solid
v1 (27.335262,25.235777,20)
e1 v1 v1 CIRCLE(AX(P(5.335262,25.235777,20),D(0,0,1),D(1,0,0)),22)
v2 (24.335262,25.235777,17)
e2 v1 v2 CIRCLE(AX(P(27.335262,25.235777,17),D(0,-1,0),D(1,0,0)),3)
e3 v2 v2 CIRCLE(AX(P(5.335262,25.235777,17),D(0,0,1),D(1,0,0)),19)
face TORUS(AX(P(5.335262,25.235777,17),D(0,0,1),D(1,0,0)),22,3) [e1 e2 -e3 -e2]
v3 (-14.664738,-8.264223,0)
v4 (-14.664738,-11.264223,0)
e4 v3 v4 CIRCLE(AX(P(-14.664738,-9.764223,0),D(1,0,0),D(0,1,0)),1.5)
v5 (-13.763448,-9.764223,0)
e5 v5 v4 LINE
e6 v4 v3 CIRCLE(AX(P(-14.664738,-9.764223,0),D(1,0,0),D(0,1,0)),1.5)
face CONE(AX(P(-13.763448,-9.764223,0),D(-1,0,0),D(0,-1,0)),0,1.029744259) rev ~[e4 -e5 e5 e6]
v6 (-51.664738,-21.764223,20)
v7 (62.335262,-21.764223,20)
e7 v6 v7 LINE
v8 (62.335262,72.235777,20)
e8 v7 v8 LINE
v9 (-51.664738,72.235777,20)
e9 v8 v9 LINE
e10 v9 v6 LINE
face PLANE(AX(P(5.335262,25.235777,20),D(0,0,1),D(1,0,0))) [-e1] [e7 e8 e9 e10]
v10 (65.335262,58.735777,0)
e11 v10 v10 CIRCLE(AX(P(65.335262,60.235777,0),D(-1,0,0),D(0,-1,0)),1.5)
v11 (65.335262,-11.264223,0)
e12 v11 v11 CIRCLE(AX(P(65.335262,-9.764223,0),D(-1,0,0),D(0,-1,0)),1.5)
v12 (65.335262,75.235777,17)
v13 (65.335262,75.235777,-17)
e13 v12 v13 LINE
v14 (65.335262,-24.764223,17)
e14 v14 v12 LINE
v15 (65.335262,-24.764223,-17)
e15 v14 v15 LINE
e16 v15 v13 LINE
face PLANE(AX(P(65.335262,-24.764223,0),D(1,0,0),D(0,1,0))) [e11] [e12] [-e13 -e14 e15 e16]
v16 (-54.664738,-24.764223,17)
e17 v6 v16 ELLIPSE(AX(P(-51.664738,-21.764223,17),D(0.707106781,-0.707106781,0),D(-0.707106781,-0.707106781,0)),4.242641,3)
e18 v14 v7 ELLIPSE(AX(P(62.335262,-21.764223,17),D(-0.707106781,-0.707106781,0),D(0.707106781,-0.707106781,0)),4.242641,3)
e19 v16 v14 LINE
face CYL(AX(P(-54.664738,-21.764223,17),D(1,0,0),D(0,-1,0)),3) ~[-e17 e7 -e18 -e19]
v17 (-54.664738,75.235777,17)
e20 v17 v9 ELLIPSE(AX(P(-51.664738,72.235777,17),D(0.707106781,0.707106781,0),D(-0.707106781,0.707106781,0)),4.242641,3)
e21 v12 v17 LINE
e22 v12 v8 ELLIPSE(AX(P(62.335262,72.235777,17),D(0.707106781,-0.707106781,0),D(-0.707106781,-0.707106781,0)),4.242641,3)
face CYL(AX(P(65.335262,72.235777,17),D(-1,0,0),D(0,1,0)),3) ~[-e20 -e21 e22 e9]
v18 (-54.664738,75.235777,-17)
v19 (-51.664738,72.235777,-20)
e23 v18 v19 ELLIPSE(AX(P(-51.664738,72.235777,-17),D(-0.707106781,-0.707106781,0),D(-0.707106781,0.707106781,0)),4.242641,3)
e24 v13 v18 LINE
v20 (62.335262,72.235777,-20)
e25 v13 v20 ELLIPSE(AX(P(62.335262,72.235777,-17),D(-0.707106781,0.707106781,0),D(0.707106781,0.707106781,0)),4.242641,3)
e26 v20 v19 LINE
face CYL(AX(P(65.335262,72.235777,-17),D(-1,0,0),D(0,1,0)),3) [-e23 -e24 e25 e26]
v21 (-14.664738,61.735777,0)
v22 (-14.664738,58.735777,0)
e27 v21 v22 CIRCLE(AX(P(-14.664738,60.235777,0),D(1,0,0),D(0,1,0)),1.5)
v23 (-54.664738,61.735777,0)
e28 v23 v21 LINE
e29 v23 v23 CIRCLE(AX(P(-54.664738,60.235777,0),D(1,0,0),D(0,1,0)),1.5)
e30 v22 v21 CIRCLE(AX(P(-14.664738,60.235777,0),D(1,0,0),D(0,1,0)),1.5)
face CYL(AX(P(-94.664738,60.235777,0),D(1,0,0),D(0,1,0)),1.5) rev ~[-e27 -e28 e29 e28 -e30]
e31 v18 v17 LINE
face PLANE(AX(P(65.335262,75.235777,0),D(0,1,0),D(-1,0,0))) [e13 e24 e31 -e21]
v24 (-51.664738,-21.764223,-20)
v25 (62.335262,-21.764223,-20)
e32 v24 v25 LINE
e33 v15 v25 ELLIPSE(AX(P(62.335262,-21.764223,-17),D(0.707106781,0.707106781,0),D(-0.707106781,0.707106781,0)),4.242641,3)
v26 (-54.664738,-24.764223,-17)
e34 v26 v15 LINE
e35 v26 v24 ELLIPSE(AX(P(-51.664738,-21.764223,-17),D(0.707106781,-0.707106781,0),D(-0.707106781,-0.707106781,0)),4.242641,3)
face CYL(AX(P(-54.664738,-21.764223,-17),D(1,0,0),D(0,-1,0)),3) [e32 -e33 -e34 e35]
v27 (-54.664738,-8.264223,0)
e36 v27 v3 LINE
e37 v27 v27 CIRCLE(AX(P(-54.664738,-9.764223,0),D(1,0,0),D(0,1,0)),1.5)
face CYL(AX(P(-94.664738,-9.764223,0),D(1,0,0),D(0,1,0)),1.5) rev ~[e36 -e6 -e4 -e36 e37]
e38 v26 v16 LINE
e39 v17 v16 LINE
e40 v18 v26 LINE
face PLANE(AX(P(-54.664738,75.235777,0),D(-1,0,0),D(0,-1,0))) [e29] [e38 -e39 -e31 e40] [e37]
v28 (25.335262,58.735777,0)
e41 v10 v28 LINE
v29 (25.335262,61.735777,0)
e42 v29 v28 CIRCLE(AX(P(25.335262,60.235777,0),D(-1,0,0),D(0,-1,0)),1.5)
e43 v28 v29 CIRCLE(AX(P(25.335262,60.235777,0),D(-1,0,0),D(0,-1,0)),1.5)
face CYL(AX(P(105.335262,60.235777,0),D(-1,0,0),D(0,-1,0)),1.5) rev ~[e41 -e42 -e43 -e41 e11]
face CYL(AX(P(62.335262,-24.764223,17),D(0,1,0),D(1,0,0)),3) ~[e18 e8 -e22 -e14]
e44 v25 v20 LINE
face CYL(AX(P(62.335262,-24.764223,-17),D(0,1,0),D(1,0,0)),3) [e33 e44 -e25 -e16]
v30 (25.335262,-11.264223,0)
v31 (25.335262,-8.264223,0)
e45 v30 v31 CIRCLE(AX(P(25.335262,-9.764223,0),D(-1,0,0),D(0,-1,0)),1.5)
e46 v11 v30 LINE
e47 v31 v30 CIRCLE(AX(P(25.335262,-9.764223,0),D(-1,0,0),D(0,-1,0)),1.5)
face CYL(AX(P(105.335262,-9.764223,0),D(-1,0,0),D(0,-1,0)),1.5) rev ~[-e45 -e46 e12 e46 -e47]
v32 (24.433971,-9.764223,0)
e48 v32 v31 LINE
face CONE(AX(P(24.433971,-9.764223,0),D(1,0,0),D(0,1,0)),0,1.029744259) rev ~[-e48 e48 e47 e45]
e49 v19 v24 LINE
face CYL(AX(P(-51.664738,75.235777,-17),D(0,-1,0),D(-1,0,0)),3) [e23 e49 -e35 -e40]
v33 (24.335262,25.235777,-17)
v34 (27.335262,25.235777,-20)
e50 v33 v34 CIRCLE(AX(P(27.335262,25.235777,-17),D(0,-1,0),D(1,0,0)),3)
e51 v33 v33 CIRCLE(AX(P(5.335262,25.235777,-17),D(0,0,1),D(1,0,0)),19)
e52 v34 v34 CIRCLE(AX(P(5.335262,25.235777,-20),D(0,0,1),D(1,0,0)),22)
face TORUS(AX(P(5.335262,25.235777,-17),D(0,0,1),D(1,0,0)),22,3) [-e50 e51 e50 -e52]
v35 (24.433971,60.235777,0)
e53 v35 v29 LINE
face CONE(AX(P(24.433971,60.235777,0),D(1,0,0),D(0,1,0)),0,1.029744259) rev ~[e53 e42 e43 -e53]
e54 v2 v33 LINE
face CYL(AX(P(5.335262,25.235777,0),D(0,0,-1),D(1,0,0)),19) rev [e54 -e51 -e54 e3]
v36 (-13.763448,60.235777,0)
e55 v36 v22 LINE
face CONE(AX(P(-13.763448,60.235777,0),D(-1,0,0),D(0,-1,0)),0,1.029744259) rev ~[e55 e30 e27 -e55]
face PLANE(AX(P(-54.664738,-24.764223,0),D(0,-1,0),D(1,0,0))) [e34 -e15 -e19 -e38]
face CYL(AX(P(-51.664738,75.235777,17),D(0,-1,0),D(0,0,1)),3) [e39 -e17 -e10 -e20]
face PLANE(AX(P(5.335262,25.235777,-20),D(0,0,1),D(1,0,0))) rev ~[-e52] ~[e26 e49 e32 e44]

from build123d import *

# Parameters (mm, degrees)
F0_R     = 19
F1_DEPTH = 20
F2_R     = 3
F4_D     = 3
F4_DEPTH = 40
F4_TIP   = 0.9012909285
F6_D     = 3
F6_DEPTH = 40
F6_TIP   = 0.9012909285


with BuildPart() as f1:
    # F0 (on Top) → F1 (new body, symmetric)
    with BuildSketch(Plane.XY):
        Polygon((65.3352615237, 75.2357769758), (-54.6647384763, 75.2357769758), (-54.6647384763, 60.2357769758), (-54.6647384763, -9.7642230242), (-54.6647384763, -24.7642230242), (65.3352615237, -24.7642230242), align=None)
        with Locations((5.3352615237, 25.2357769758)):
            Circle(F0_R, mode=Mode.SUBTRACT)
    extrude(amount=F1_DEPTH, both=True)

    # F2
    f2_edges = [f1.edges().sort_by_distance(p)[0] for p in [
        (5.335262, 75.235777, 20),
        (-54.664738, 25.235777, 20),
        (5.335262, -24.764223, 20),
        (65.335262, 25.235777, 20),
        (-13.664738, 25.235777, 20),
        (65.335262, 25.235777, -20),
        (5.335262, 75.235777, -20),
        (-54.664738, 25.235777, -20),
        (5.335262, -24.764223, -20),
        (-13.664738, 25.235777, -20),
    ]]
    fillet(f2_edges, radius=F2_R)

    # F4
    with Locations(Plane(origin=(-54.6647384763, 0, 0), x_dir=(0, -1, 0), z_dir=(-1, 0, 0))):
        with Locations((9.7642230242, 0), (-60.2357769758, 0)):
            Hole(F4_D / 2, depth=F4_DEPTH)
            with Locations((0, 0, -(F4_DEPTH + F4_TIP / 2))):  # 118° drill point
                Cone(0, F4_D / 2, F4_TIP, mode=Mode.SUBTRACT)

    # F6
    with Locations(Plane.YZ.offset(65.3352615237)):
        with Locations((60.2357769758, 0), (-9.7642230242, 0)):
            Hole(F6_D / 2, depth=F6_DEPTH)
            with Locations((0, 0, -(F6_DEPTH + F6_TIP / 2))):  # 118° drill point
                Cone(0, F6_D / 2, F6_TIP, mode=Mode.SUBTRACT)


solid = f1.part
